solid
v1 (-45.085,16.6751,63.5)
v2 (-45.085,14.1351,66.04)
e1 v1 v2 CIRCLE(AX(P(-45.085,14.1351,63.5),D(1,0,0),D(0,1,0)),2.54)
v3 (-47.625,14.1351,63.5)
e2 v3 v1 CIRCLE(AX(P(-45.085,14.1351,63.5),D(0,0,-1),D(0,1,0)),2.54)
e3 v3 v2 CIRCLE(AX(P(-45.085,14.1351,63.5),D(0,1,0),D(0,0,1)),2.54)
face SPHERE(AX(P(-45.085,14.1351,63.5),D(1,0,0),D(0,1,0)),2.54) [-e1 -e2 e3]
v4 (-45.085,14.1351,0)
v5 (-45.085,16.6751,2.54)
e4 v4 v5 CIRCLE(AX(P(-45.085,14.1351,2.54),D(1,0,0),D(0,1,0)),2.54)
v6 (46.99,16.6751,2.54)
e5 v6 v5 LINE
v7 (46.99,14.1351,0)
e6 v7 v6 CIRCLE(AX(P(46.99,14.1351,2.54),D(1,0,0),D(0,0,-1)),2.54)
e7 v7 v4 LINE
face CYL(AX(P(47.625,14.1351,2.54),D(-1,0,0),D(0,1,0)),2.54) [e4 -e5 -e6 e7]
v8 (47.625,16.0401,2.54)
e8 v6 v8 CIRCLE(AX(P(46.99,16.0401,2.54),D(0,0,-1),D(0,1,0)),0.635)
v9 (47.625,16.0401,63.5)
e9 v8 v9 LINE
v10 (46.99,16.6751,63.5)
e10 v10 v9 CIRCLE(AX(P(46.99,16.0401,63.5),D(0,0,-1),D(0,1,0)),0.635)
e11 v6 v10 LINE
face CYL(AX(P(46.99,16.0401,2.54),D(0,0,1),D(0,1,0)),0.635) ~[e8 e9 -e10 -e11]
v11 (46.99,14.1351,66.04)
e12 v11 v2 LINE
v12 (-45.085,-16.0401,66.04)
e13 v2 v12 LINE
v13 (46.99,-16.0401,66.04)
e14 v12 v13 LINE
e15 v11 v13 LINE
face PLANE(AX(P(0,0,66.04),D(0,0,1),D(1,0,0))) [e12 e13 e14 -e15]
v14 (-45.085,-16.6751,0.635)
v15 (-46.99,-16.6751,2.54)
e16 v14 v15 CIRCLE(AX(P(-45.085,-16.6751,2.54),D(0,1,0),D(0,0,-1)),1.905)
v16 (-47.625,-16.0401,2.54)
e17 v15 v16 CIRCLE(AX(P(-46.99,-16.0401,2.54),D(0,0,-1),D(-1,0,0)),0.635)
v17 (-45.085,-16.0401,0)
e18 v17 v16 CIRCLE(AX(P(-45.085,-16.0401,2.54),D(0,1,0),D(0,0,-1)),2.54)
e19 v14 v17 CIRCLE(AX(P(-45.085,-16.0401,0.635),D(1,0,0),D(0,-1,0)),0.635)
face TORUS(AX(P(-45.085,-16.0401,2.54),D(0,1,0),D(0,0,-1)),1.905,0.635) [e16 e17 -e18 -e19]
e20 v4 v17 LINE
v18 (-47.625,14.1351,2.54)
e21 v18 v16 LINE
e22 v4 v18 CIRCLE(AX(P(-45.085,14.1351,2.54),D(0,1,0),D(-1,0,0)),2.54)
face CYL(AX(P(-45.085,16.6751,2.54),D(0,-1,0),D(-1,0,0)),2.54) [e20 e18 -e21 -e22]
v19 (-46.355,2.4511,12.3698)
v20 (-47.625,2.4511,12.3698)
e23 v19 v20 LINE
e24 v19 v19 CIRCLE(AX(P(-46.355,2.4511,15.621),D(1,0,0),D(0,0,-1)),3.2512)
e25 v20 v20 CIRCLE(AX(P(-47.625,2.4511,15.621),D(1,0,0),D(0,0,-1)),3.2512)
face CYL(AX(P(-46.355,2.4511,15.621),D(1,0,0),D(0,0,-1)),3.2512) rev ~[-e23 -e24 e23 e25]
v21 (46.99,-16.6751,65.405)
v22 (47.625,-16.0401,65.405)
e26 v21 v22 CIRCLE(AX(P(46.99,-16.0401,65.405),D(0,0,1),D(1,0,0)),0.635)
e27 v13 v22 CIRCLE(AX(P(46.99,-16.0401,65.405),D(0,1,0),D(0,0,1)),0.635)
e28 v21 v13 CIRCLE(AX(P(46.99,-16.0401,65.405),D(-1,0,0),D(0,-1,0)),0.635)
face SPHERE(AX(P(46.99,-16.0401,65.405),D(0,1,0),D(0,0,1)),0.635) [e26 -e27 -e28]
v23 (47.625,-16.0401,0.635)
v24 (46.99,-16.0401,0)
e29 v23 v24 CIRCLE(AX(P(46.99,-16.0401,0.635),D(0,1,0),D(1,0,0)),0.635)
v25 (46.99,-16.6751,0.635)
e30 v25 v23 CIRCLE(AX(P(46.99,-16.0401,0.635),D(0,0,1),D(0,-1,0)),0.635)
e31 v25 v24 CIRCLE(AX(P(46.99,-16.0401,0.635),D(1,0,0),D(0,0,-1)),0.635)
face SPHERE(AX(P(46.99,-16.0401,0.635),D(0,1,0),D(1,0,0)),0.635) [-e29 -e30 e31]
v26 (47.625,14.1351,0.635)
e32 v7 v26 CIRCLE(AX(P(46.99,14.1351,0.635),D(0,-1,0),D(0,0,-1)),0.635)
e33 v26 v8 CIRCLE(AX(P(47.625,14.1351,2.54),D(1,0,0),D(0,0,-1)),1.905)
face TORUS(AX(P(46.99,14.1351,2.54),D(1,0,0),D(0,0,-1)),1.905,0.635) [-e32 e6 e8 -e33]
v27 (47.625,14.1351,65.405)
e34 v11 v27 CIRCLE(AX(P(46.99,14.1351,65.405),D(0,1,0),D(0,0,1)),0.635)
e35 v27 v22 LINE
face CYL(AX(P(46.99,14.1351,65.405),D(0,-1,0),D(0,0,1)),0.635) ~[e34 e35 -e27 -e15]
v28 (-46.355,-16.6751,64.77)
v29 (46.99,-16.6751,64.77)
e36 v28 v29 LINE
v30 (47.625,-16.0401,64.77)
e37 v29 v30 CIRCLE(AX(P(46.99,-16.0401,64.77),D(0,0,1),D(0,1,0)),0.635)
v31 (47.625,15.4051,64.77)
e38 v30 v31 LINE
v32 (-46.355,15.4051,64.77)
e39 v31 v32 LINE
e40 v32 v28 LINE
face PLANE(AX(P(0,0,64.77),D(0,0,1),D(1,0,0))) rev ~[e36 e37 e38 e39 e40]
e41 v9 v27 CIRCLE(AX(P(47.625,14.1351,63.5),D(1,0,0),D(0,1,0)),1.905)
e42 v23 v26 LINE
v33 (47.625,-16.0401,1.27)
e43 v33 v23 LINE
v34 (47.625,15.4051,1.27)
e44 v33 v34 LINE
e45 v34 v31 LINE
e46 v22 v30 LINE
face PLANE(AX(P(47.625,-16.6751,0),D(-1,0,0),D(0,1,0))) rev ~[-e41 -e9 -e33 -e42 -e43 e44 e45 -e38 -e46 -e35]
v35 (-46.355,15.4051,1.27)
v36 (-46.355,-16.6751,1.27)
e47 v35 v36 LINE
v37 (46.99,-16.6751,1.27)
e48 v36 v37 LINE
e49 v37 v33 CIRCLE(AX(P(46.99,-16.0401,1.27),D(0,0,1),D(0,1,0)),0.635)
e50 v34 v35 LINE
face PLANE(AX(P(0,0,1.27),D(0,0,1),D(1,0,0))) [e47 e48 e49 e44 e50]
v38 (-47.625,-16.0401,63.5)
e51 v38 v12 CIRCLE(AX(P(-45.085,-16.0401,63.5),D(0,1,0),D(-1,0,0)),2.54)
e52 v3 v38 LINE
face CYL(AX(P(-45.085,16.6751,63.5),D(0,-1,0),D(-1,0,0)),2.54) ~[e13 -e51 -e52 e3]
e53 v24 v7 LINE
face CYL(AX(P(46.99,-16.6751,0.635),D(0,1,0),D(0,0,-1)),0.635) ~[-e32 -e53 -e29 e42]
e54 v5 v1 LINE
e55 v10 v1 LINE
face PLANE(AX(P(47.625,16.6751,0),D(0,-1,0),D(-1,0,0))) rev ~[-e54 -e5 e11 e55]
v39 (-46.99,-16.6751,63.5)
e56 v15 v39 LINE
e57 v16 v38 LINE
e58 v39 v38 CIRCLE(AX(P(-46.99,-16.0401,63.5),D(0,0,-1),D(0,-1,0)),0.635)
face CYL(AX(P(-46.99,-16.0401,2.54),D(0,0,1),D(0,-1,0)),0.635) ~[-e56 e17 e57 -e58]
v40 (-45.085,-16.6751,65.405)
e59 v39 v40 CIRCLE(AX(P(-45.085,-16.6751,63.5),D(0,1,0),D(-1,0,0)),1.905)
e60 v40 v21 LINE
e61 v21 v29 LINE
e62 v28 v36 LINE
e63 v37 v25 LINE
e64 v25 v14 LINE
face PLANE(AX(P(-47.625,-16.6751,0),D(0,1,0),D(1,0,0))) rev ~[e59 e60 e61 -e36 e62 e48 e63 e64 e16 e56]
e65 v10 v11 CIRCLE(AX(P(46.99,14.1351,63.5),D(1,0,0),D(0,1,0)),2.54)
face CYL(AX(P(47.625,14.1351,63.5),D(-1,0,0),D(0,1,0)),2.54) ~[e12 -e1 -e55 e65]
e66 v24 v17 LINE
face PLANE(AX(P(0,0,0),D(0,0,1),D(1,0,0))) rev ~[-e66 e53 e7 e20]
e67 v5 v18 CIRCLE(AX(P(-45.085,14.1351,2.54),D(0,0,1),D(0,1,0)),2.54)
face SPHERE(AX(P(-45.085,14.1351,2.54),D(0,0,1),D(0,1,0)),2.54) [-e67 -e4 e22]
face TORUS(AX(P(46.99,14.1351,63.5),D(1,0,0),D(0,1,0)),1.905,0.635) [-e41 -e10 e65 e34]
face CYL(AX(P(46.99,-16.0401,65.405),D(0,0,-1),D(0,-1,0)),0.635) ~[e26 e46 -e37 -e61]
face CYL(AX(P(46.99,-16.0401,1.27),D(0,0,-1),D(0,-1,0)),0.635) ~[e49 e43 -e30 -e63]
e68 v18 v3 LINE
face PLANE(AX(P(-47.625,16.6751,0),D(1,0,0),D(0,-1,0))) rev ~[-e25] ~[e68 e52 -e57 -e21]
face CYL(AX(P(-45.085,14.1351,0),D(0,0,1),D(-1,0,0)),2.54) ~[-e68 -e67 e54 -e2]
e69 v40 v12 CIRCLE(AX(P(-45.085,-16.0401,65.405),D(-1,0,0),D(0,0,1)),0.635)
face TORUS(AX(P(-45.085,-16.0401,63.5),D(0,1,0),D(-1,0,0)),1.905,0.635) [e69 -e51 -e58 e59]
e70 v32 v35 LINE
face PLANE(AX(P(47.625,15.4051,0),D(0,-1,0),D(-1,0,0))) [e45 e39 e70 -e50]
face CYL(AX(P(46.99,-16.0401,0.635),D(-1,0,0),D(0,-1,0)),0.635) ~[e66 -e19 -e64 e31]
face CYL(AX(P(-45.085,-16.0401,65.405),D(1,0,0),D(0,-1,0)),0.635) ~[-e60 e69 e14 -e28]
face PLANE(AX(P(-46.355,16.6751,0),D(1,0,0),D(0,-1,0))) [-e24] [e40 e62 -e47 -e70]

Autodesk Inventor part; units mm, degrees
ref_plane "YZ Plane" through (0, 0, 0) normal (1, 0, 0) x (0, 1, 0)
ref_plane "XZ Plane" through (0, 0, 0) normal (0, 1, 0) x (-1, 0, 0)
ref_plane "XY Plane" through (0, 0, 0) normal (0, 0, 1) x (1, 0, 0)
sketch "Sketch1" plane through (0, 0, 0) normal (0, 0, 1) x (1, 0, 0)
  line L0 (-47.625, -16.6751) -> (47.625, -16.6751)
  line L1 (47.625, -16.6751) -> (47.625, 16.6751)
  line L2 (47.625, 16.6751) -> (-47.625, 16.6751)
  line L3 (-47.625, 16.6751) -> (-47.625, -16.6751)
  line L4 (-47.625, -16.6751) -> (47.625, 16.6751) construction
  line L5 (47.625, -16.6751) -> (-47.625, 16.6751) construction
  point P0 (0, 0)
  dimension "d0" = 95.25
  dimension "d1" = 33.3502
extrude "Extrusion1" add sketch "Sketch1" along normal blind 66.04
shell "Shell1" thickness 1.27 removed faces 2 at (-15.875, -16.6751, 44.0267) at (47.625, -5.5584, 44.0267)
sketch "Sketch2" plane through (-46.355, -16.6751, 1.27) normal (1, 0, 0) x (0, 0, -1)
  line L0 (0, 32.0802) -> (0, 0) projected
  line L1 (0, 0) -> (-63.5, 0) projected
  circle A0 centre (-14.351, 19.1262) radius 3.2512
  point P0 (1.27, 16.6751)
  dimension "d5" = 14.351
  dimension "d6" = 19.1262
  dimension "d7" = 6.5024
extrude "Extrusion2" cut sketch "Sketch2" against normal up to surface (1.27 mm away)
fillet "Fillet1" radius 2.54 5 edges at (0, 16.6751, 66.04) (-47.625, 16.6751, 33.02) (0, 16.6751, 0) (-47.625, 0, 0) (-47.625, 0, 66.04)
fillet "Fillet2" radius 0.635 5 edges at (47.625, -1.27, 0) (47.625, 15.9312, 0.7439) (47.625, 16.6751, 33.02) (47.625, 15.9312, 65.2961) (47.625, -1.27, 66.04)
fillet "Fillet3" radius 0.635 9 edges at (47.439, -16.6751, 65.854) (47.625, -16.6751, 65.0875) (-46.8811, -16.6751, 65.2961) (-47.625, -16.6751, 33.02) (-46.8811, -16.6751, 0.7439) (0.9525, -16.6751, 0) (47.439, -16.6751, 0.186) (47.625, -16.6751, 0.9525) (0.9525, -16.6751, 66.04)
properties part number "ECG_cover"
